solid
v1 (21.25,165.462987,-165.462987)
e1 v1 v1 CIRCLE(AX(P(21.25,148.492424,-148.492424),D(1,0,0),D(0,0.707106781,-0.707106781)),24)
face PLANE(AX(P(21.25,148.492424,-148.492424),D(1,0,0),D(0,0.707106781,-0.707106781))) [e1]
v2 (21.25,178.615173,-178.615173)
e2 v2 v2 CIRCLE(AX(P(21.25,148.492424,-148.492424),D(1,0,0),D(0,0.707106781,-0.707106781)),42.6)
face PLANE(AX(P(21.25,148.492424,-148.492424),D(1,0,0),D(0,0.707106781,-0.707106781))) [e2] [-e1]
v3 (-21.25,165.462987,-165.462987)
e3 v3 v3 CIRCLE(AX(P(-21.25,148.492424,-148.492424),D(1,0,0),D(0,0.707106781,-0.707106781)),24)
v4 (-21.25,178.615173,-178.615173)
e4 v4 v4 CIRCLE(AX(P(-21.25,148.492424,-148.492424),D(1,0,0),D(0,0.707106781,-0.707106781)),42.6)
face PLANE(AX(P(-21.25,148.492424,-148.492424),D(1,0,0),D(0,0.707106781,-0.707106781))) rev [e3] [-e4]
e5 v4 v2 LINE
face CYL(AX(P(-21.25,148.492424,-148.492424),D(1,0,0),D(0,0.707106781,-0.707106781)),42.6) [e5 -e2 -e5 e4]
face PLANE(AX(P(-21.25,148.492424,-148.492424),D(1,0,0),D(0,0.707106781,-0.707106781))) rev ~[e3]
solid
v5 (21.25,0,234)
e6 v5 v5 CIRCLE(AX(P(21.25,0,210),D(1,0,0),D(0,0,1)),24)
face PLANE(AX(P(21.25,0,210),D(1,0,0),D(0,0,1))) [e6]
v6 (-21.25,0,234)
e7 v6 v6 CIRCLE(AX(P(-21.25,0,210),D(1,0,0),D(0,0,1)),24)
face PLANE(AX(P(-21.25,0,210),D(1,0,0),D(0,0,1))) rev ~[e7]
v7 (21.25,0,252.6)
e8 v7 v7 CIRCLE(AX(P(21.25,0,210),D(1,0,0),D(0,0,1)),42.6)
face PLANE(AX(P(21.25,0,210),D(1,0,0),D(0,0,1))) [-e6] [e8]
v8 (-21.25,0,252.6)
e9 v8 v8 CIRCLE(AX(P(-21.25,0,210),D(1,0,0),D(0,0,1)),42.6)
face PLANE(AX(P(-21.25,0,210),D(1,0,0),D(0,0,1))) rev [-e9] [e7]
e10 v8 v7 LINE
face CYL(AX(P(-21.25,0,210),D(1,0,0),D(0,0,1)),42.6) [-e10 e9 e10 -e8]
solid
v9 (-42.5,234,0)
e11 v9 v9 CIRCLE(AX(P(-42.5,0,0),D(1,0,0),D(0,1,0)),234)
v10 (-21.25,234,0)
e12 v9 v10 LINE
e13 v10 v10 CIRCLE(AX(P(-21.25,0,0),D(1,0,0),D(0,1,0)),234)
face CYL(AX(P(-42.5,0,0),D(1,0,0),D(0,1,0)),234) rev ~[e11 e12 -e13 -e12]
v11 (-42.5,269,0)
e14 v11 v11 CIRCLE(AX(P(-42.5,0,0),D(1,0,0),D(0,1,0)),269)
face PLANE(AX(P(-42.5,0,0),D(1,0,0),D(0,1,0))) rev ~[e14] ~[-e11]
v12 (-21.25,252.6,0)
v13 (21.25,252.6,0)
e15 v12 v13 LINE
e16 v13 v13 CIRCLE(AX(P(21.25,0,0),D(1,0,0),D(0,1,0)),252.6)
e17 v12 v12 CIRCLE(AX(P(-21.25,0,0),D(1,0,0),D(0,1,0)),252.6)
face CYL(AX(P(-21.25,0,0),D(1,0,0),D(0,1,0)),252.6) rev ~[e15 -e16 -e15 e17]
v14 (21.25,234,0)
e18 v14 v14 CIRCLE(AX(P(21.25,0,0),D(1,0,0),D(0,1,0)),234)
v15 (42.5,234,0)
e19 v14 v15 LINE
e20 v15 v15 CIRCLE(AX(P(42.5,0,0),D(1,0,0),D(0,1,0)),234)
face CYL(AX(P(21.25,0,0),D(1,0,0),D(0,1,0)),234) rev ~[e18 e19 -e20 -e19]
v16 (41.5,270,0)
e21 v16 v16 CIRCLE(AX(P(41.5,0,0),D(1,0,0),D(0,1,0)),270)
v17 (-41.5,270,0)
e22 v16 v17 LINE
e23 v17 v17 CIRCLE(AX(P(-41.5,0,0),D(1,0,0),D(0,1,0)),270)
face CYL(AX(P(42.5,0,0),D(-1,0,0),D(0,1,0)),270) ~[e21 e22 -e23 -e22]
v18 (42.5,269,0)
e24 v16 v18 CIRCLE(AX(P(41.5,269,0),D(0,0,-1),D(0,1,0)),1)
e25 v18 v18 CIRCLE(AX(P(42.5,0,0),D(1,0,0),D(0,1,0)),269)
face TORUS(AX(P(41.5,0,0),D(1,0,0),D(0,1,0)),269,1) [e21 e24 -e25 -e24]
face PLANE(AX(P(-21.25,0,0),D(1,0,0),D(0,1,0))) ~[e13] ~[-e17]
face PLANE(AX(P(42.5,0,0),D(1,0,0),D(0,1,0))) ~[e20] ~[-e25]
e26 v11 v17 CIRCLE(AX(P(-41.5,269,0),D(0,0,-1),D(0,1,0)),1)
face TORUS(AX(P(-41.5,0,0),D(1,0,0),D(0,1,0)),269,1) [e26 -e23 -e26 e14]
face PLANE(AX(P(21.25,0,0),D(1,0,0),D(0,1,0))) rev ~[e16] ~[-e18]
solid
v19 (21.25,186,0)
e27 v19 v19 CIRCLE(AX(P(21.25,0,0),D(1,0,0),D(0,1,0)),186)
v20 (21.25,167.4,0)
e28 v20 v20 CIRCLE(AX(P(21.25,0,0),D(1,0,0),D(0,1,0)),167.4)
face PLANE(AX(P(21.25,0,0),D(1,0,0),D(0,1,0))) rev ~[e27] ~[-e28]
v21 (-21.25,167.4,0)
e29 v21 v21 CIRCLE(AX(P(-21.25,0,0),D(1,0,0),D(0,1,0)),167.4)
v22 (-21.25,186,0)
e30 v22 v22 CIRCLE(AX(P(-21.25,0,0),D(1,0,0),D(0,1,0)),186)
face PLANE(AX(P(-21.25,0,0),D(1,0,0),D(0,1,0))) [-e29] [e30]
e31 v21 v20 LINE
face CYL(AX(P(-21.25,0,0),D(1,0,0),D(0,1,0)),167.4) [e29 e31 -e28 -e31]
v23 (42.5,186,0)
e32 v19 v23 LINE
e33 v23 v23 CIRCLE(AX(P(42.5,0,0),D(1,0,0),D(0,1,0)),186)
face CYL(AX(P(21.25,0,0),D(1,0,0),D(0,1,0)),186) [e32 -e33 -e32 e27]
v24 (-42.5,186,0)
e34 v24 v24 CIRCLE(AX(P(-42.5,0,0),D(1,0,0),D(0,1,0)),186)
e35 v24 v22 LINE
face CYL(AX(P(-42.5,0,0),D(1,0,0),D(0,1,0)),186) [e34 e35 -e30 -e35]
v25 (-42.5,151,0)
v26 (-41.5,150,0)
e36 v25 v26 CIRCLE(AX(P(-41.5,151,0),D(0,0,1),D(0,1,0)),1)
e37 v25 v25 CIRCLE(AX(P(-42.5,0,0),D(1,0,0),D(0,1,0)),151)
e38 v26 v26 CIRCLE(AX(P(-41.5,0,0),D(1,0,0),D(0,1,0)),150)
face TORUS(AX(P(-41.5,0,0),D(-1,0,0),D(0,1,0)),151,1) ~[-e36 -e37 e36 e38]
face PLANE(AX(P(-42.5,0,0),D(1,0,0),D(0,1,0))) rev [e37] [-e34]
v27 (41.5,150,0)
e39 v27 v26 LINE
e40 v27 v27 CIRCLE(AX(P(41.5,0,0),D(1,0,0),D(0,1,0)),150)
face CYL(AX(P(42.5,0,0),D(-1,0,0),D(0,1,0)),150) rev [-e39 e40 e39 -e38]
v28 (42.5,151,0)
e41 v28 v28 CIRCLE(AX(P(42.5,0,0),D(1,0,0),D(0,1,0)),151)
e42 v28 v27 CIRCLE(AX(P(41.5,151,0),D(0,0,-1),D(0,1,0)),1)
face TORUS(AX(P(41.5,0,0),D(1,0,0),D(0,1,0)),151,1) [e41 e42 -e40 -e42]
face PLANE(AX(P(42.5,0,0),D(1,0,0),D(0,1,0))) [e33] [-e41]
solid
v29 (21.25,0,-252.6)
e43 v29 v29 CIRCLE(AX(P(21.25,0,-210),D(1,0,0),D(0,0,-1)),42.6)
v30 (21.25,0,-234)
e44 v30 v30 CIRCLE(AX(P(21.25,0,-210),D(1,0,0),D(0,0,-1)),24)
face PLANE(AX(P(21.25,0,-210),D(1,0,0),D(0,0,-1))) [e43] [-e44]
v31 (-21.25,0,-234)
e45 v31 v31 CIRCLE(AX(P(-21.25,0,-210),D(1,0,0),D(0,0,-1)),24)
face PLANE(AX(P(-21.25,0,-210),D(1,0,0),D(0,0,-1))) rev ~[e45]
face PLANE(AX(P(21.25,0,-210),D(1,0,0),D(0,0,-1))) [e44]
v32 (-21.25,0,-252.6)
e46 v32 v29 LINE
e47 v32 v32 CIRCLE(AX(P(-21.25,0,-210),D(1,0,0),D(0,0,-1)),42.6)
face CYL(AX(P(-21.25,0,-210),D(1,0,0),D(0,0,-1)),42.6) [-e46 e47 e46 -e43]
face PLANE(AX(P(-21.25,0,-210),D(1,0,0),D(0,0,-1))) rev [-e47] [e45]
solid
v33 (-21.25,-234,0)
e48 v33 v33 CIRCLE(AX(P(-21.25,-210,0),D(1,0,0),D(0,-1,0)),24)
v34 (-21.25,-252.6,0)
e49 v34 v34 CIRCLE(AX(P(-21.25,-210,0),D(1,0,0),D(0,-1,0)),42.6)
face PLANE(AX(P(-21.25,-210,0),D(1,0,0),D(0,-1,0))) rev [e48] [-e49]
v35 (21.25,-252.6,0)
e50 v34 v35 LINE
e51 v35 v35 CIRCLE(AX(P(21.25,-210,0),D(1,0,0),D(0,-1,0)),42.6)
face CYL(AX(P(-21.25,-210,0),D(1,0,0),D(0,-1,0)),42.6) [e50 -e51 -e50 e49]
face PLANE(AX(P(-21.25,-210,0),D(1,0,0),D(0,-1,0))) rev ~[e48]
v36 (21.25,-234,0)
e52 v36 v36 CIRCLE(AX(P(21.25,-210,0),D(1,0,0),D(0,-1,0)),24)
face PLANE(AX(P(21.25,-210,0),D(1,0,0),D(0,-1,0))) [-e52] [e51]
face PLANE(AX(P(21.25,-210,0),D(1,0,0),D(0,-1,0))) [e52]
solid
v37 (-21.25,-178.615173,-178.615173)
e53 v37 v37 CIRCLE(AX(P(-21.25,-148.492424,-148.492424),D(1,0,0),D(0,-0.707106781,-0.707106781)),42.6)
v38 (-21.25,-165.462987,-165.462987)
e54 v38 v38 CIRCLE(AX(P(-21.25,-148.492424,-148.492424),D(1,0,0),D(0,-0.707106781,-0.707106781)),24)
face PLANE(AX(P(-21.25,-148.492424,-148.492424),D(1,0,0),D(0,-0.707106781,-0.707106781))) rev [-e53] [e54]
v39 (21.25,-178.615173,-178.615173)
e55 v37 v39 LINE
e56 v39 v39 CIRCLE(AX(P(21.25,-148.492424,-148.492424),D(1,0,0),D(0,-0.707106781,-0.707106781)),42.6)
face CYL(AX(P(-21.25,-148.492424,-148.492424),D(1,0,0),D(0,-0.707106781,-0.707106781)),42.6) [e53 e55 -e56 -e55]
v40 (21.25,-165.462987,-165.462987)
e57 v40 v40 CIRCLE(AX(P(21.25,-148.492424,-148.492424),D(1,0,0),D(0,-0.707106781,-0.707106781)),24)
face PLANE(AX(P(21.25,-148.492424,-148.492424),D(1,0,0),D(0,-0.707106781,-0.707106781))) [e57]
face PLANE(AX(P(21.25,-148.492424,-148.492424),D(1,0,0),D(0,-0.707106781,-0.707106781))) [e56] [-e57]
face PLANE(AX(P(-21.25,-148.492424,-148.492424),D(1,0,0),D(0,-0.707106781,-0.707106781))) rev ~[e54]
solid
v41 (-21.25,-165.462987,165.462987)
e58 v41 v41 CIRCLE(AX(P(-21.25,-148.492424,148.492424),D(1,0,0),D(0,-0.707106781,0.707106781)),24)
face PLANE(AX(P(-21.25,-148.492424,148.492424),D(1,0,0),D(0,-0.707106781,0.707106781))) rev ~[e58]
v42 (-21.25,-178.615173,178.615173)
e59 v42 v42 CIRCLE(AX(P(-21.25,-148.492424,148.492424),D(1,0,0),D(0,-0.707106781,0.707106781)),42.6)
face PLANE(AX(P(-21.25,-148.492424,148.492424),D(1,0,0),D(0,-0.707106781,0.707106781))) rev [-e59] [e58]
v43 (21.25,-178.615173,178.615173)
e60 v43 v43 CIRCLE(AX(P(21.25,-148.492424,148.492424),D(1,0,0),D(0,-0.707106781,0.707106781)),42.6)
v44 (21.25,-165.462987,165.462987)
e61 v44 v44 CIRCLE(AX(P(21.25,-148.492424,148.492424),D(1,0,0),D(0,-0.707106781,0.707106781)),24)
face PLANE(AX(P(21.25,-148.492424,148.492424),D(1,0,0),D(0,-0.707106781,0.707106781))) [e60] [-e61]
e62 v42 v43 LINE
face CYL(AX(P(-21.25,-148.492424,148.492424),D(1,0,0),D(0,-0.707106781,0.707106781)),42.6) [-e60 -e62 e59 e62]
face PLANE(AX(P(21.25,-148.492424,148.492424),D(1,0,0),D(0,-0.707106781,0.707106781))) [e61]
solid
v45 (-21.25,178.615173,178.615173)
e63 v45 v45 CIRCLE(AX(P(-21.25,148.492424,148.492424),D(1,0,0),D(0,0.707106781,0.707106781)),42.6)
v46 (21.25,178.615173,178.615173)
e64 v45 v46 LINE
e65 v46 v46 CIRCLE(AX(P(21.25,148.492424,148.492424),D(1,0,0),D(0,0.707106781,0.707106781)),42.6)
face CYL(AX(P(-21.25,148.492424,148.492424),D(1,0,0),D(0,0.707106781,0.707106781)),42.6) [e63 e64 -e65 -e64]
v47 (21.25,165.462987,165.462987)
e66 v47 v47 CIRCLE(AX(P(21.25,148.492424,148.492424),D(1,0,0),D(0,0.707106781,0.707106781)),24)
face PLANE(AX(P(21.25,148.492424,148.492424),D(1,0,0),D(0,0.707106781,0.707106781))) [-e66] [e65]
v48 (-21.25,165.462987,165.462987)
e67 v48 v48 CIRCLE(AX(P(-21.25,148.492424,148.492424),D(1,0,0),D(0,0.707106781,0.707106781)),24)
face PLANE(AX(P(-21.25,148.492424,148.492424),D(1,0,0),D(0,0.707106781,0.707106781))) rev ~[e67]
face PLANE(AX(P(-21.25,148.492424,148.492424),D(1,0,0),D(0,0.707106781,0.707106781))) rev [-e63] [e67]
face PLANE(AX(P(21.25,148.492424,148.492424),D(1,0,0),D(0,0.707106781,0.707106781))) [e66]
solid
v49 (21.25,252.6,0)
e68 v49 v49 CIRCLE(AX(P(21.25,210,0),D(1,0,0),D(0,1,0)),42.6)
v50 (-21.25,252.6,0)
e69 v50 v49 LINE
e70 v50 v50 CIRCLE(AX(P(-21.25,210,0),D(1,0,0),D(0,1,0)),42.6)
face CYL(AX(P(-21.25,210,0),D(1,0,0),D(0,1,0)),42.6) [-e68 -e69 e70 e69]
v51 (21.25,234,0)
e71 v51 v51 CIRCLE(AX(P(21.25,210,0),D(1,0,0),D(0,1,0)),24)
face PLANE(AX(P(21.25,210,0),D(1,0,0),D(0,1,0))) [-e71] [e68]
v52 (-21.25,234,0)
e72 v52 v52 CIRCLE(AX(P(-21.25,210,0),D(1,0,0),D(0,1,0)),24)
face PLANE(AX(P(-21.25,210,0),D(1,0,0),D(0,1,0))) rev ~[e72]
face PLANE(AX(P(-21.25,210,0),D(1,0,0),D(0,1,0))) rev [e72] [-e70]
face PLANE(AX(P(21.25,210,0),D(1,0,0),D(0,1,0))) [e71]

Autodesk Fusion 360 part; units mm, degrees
sketch "Sketch1" plane through (0, 0, 0) normal (0, 0, 1) x (1, 0, 0)
  line L0 (-56.5, 0) -> (48.5, 0)
  line L1 (-42.5, 150) -> (-42.5, 186)
  line L2 (-42.5, 186) -> (-21.25, 186)
  line L3 (-21.25, 186) -> (-21.25, 167.4)
  line L4 (-21.25, 167.4) -> (21.25, 167.4)
  line L5 (42.5, 186) -> (42.5, 150)
  line L6 (42.5, 150) -> (-42.5, 150)
  line L7 (-42.5, 234) -> (-21.25, 234)
  line L8 (-21.25, 234) -> (-21.25, 252.6)
  line L9 (-21.25, 252.6) -> (21.25, 252.6)
  line L10 (21.25, 252.6) -> (21.25, 234)
  line L11 (21.25, 234) -> (42.5, 234)
  line L12 (42.5, 234) -> (42.5, 270)
  line L13 (42.5, 270) -> (-42.5, 270)
  line L14 (-42.5, 270) -> (-42.5, 234)
  line L15 (-21.25, 234) -> (-21.25, 186)
  line L16 (21.25, 234) -> (21.25, 167.4)
  line L17 (0, 252.6) -> (0, 167.4) construction
  line L18 (-21.25, 210) -> (21.25, 210)
  line L19 (21.25, 186) -> (42.5, 186)
  point P0 (0, 150)
  point P1 (0, 167.4)
  point P2 (0, 210)
  dimension "d1" = 300
  dimension "d3" = 85
  dimension "d4" = 21.25
  dimension "d6" = 540
  dimension "d7" = 505.2
  dimension "d9" = 468
  dimension "d10" = 372
  dimension "d20" = 334.8
revolve "Revolve1" add sketch "Sketch1" angle 360 about axis through (-56.5, 0, 0) along (1, 0, 0) contours L1 L2 L3 L4 L5 L6 L16 L19 | L7 L8 L9 L10 L11 L12 L13 L14 makes body 1 at (14.1667, 269.6644, -13.4584) makes body 2 at (-14.1667, 149.2546, -14.9352)
revolve "Revolve2" add sketch "Sketch1" angle 360 about axis through (-21.25, 210, 0) along (1, 0, 0) separate body contours L8 L9 L10 L15 L16 L18 makes body 3
pattern_circular "C-Pattern1" count 8 over 360 about axis through (-56.5, 0, 0) along (1, 0, 0) of bodies 3 makes body 4 at (7.0833, 181.4647, 175.4662) makes body 5 at (7.0833, 4.2416, 252.3883) makes body 6 at (7.0833, -175.4662, 181.4647) makes body 7 at (7.0833, -252.3883, 4.2416) makes body 8 at (-7.0833, -180.0792, -177.0762) makes body 9 at (7.0833, -4.2416, -252.3883) makes body 10 at (7.0833, 175.4662, -181.4647)
fillet "Fillet1" radius 1 2 edges at (42.5, -97.6362, 251.7284) (-42.5, -97.6362, 251.7284) on bodies 1
fillet "Fillet2" radius 1 2 edges at (42.5, -54.2423, 139.8491) (-42.5, -54.2423, 139.8491) on bodies 2
